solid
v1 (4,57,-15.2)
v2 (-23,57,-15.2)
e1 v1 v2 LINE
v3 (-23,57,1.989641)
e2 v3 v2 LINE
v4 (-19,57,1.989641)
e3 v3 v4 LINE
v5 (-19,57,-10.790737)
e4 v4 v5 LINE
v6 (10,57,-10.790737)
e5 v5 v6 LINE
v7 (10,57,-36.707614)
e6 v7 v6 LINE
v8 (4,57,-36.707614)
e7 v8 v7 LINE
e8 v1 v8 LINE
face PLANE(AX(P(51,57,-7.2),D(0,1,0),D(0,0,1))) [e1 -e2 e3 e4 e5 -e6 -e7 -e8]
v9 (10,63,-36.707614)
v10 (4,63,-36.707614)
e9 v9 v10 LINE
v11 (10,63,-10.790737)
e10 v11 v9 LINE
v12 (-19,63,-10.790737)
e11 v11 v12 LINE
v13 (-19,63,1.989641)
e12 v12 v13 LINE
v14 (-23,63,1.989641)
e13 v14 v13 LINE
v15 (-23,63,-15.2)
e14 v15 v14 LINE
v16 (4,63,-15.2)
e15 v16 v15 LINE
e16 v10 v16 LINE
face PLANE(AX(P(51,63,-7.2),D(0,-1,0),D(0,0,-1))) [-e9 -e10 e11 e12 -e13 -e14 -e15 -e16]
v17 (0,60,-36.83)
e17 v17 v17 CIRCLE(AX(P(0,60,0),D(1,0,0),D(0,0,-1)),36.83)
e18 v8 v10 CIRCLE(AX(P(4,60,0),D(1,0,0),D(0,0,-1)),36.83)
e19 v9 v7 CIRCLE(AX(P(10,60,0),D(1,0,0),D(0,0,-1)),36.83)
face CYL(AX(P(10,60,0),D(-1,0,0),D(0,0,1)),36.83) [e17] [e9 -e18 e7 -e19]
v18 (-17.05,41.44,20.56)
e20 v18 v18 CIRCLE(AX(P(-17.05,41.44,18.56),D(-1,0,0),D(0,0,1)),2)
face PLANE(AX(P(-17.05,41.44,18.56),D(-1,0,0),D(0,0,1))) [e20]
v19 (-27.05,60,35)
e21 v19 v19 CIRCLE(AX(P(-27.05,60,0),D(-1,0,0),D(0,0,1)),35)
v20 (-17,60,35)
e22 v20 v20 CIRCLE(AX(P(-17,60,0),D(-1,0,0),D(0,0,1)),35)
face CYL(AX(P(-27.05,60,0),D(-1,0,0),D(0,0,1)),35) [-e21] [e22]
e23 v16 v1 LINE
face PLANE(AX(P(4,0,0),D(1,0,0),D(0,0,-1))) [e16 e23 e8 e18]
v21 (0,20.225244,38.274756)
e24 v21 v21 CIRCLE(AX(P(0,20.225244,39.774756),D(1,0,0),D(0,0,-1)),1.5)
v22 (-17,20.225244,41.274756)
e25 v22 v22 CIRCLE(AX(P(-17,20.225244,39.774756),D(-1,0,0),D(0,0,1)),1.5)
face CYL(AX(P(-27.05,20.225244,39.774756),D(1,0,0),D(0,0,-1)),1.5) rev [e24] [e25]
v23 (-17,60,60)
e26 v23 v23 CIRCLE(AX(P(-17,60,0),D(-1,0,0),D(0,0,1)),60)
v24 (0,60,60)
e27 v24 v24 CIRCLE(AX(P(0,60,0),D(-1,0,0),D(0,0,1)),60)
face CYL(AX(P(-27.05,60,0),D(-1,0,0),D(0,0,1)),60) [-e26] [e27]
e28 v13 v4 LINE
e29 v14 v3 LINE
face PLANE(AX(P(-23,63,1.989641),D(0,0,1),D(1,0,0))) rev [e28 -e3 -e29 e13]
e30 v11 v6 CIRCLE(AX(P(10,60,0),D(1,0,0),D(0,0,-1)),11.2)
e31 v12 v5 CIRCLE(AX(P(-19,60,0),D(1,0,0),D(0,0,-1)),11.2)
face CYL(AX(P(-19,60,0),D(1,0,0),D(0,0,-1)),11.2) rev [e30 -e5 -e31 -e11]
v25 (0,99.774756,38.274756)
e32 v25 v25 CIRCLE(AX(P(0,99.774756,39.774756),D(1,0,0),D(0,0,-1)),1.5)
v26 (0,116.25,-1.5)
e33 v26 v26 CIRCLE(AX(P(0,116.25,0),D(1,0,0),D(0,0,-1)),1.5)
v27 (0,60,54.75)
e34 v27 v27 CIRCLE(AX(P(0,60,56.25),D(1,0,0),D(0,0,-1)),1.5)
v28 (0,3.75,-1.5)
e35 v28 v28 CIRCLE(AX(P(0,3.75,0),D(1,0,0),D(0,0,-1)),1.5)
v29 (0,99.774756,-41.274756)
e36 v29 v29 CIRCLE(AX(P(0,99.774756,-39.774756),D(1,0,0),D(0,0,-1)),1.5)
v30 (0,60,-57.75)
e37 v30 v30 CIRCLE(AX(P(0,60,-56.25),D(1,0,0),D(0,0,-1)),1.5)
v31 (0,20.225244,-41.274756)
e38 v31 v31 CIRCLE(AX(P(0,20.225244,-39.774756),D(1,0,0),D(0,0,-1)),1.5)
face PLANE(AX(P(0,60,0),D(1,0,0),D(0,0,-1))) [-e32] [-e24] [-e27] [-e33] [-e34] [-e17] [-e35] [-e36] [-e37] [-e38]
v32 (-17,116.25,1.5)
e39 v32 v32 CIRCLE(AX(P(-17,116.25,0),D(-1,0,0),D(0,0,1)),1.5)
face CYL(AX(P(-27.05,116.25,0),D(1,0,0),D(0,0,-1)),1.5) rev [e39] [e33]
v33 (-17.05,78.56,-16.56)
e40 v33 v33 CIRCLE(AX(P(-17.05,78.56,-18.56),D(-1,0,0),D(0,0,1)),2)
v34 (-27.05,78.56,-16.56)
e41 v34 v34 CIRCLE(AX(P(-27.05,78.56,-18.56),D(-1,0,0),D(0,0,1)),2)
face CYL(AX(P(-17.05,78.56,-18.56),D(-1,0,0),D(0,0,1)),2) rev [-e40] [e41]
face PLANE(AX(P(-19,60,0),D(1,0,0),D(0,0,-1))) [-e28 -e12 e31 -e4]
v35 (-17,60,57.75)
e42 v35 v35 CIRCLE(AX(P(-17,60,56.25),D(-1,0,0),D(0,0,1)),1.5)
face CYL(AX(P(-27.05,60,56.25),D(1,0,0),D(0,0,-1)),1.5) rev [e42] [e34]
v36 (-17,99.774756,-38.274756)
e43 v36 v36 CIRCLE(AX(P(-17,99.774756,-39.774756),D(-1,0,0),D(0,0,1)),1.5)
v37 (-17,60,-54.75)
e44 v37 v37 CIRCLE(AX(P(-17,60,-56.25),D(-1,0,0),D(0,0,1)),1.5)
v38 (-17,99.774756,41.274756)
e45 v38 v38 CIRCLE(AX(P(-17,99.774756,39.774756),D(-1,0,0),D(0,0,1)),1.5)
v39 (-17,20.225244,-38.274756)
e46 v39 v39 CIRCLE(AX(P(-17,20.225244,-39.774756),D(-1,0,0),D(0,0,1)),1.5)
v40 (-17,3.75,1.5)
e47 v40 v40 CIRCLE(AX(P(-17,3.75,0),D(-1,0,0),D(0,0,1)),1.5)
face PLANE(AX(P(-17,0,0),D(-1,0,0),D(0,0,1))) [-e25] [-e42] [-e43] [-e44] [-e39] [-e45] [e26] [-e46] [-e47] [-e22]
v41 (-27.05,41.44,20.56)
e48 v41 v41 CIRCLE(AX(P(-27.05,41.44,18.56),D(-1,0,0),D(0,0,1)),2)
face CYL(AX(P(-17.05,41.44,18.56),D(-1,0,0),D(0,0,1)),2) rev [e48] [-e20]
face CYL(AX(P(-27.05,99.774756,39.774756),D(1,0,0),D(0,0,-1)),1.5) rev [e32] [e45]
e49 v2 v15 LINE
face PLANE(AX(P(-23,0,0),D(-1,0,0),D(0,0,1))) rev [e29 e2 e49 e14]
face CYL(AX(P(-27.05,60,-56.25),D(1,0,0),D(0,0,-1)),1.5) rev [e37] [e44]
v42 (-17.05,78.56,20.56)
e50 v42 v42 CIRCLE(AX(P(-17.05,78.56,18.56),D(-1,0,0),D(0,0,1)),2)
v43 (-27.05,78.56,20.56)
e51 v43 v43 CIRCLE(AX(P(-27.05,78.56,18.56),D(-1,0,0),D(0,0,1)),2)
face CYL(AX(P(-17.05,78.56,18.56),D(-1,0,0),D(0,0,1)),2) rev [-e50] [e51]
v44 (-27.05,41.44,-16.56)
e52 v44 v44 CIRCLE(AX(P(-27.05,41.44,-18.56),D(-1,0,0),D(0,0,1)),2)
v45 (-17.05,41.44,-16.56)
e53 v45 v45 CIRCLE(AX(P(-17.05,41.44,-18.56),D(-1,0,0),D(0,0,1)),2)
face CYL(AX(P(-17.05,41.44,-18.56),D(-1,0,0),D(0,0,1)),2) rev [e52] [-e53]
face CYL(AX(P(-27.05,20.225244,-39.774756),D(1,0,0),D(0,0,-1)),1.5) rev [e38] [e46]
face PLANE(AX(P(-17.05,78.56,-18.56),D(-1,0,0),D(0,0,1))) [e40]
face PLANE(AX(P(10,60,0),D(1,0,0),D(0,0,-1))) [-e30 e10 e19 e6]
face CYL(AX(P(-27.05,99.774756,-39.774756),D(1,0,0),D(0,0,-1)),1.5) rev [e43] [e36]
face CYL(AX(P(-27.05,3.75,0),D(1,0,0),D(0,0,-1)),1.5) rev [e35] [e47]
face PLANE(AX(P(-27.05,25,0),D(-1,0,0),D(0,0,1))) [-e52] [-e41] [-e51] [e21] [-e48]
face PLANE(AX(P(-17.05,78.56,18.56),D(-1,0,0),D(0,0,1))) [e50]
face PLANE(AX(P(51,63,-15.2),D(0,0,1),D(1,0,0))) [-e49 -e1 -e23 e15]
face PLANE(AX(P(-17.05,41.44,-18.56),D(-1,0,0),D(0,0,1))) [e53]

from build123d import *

# Parameters (mm, degrees)
UPPER_CIRLCE_2_R   = 36.83
UPPER_CIRLCE_DEPTH = 10
SKETCH2_R          = 1.5
CUT_EXTRUDE1_DEPTH = 137.863810045
CIRPATTERN1_COUNT  = 8
PIN_SKETCH_R       = 2
CUT_EXTRUDE2_DEPTH = 10
SKETCH3_R          = 11.2
CUT_EXTRUDE3_DEPTH = 29
SKETCH4_W          = 8
SKETCH4_H          = 6
CUT_EXTRUDE4_DEPTH = 70
SKETCH6_W          = 22.346517692
SKETCH6_H          = 6
CUT_EXTRUDE5_DEPTH = 6
SKETCH7_W          = 17.189641189
SKETCH7_H          = 6
CUT_EXTRUDE6_DEPTH = 4


with BuildPart() as part:
    # Sketch1 → Revolve1 (revolve)
    with BuildSketch(Plane.XY, mode=Mode.PRIVATE) as revolve1_sk:
        Polygon((0, 0), (-17, 0), (-17, 25), (-27.05, 25), (-27.05, 60), (0, 60), align=None)
    revolve(revolve1_sk.sketch.rotate(Axis((-27.05, 60, 0), (1, 0, 0)), 270), axis=Axis((-27.05, 60, 0), (1, 0, 0)))

    # upper cirlce 2 → upper cirlce (add)
    with BuildSketch(Plane(origin=(0, 0, 0), x_dir=(0, 0, -1), z_dir=(1, 0, 0))):
        with Locations((0, 60)):
            Circle(UPPER_CIRLCE_2_R)
    extrude(amount=UPPER_CIRLCE_DEPTH)

    # Sketch2 → Cut-Extrude1 (cut, symmetric)
    with BuildSketch(Plane(origin=(0, 0, 0), x_dir=(0, 0, -1), z_dir=(1, 0, 0))):
        with Locations((0, 116.25)):
            Circle(SKETCH2_R)
    cut_extrude1 = extrude(amount=CUT_EXTRUDE1_DEPTH, both=True, mode=Mode.SUBTRACT)

    # CirPattern1: Cut-Extrude1 ×8 about axis
    cirpattern1_axis = Axis((0, 60, 0), (1, 0, 0))
    for i in range(1, CIRPATTERN1_COUNT):
        add(cut_extrude1.rotate(cirpattern1_axis, i * 360 / CIRPATTERN1_COUNT), mode=Mode.SUBTRACT)

    # pin sketch → Cut-Extrude2 (cut)
    with BuildSketch(Plane.ZY.offset(27.05)):
        with Locations((-18.56, 78.56)):
            Circle(PIN_SKETCH_R)
        with Locations((18.56, 78.56)):
            Circle(PIN_SKETCH_R)
        with Locations((18.56, 41.44)):
            Circle(PIN_SKETCH_R)
        with Locations((-18.56, 41.44)):
            Circle(PIN_SKETCH_R)
    extrude(amount=-CUT_EXTRUDE2_DEPTH, mode=Mode.SUBTRACT)

    # Sketch3 → Cut-Extrude3 (cut)
    with BuildSketch(Plane(origin=(10, 0, 0), x_dir=(0, 0, -1), z_dir=(1, 0, 0))):
        with Locations((0, 60)):
            Circle(SKETCH3_R)
    extrude(amount=-CUT_EXTRUDE3_DEPTH, mode=Mode.SUBTRACT)

    # Sketch4 → Cut-Extrude4 (cut)
    with BuildSketch(Plane(origin=(-19, 0, 0), x_dir=(0, 0, -1), z_dir=(1, 0, 0))):
        with Locations((11.2, 60)):
            Rectangle(SKETCH4_W, SKETCH4_H)
    extrude(amount=CUT_EXTRUDE4_DEPTH, mode=Mode.SUBTRACT)

    # Sketch6 → Cut-Extrude5 (cut)
    with BuildSketch(Plane(origin=(10, 0, 0), x_dir=(0, 0, -1), z_dir=(1, 0, 0))):
        with Locations((26.373258846, 60)):
            Rectangle(SKETCH6_W, SKETCH6_H)
    extrude(amount=-CUT_EXTRUDE5_DEPTH, mode=Mode.SUBTRACT)

    # Sketch7 → Cut-Extrude6 (cut)
    with BuildSketch(Plane(origin=(-19, 0, 0), x_dir=(0, 0, -1), z_dir=(1, 0, 0))):
        with Locations((6.605179406, 60)):
            Rectangle(SKETCH7_W, SKETCH7_H)
    extrude(amount=-CUT_EXTRUDE6_DEPTH, mode=Mode.SUBTRACT)


solid = part.part
